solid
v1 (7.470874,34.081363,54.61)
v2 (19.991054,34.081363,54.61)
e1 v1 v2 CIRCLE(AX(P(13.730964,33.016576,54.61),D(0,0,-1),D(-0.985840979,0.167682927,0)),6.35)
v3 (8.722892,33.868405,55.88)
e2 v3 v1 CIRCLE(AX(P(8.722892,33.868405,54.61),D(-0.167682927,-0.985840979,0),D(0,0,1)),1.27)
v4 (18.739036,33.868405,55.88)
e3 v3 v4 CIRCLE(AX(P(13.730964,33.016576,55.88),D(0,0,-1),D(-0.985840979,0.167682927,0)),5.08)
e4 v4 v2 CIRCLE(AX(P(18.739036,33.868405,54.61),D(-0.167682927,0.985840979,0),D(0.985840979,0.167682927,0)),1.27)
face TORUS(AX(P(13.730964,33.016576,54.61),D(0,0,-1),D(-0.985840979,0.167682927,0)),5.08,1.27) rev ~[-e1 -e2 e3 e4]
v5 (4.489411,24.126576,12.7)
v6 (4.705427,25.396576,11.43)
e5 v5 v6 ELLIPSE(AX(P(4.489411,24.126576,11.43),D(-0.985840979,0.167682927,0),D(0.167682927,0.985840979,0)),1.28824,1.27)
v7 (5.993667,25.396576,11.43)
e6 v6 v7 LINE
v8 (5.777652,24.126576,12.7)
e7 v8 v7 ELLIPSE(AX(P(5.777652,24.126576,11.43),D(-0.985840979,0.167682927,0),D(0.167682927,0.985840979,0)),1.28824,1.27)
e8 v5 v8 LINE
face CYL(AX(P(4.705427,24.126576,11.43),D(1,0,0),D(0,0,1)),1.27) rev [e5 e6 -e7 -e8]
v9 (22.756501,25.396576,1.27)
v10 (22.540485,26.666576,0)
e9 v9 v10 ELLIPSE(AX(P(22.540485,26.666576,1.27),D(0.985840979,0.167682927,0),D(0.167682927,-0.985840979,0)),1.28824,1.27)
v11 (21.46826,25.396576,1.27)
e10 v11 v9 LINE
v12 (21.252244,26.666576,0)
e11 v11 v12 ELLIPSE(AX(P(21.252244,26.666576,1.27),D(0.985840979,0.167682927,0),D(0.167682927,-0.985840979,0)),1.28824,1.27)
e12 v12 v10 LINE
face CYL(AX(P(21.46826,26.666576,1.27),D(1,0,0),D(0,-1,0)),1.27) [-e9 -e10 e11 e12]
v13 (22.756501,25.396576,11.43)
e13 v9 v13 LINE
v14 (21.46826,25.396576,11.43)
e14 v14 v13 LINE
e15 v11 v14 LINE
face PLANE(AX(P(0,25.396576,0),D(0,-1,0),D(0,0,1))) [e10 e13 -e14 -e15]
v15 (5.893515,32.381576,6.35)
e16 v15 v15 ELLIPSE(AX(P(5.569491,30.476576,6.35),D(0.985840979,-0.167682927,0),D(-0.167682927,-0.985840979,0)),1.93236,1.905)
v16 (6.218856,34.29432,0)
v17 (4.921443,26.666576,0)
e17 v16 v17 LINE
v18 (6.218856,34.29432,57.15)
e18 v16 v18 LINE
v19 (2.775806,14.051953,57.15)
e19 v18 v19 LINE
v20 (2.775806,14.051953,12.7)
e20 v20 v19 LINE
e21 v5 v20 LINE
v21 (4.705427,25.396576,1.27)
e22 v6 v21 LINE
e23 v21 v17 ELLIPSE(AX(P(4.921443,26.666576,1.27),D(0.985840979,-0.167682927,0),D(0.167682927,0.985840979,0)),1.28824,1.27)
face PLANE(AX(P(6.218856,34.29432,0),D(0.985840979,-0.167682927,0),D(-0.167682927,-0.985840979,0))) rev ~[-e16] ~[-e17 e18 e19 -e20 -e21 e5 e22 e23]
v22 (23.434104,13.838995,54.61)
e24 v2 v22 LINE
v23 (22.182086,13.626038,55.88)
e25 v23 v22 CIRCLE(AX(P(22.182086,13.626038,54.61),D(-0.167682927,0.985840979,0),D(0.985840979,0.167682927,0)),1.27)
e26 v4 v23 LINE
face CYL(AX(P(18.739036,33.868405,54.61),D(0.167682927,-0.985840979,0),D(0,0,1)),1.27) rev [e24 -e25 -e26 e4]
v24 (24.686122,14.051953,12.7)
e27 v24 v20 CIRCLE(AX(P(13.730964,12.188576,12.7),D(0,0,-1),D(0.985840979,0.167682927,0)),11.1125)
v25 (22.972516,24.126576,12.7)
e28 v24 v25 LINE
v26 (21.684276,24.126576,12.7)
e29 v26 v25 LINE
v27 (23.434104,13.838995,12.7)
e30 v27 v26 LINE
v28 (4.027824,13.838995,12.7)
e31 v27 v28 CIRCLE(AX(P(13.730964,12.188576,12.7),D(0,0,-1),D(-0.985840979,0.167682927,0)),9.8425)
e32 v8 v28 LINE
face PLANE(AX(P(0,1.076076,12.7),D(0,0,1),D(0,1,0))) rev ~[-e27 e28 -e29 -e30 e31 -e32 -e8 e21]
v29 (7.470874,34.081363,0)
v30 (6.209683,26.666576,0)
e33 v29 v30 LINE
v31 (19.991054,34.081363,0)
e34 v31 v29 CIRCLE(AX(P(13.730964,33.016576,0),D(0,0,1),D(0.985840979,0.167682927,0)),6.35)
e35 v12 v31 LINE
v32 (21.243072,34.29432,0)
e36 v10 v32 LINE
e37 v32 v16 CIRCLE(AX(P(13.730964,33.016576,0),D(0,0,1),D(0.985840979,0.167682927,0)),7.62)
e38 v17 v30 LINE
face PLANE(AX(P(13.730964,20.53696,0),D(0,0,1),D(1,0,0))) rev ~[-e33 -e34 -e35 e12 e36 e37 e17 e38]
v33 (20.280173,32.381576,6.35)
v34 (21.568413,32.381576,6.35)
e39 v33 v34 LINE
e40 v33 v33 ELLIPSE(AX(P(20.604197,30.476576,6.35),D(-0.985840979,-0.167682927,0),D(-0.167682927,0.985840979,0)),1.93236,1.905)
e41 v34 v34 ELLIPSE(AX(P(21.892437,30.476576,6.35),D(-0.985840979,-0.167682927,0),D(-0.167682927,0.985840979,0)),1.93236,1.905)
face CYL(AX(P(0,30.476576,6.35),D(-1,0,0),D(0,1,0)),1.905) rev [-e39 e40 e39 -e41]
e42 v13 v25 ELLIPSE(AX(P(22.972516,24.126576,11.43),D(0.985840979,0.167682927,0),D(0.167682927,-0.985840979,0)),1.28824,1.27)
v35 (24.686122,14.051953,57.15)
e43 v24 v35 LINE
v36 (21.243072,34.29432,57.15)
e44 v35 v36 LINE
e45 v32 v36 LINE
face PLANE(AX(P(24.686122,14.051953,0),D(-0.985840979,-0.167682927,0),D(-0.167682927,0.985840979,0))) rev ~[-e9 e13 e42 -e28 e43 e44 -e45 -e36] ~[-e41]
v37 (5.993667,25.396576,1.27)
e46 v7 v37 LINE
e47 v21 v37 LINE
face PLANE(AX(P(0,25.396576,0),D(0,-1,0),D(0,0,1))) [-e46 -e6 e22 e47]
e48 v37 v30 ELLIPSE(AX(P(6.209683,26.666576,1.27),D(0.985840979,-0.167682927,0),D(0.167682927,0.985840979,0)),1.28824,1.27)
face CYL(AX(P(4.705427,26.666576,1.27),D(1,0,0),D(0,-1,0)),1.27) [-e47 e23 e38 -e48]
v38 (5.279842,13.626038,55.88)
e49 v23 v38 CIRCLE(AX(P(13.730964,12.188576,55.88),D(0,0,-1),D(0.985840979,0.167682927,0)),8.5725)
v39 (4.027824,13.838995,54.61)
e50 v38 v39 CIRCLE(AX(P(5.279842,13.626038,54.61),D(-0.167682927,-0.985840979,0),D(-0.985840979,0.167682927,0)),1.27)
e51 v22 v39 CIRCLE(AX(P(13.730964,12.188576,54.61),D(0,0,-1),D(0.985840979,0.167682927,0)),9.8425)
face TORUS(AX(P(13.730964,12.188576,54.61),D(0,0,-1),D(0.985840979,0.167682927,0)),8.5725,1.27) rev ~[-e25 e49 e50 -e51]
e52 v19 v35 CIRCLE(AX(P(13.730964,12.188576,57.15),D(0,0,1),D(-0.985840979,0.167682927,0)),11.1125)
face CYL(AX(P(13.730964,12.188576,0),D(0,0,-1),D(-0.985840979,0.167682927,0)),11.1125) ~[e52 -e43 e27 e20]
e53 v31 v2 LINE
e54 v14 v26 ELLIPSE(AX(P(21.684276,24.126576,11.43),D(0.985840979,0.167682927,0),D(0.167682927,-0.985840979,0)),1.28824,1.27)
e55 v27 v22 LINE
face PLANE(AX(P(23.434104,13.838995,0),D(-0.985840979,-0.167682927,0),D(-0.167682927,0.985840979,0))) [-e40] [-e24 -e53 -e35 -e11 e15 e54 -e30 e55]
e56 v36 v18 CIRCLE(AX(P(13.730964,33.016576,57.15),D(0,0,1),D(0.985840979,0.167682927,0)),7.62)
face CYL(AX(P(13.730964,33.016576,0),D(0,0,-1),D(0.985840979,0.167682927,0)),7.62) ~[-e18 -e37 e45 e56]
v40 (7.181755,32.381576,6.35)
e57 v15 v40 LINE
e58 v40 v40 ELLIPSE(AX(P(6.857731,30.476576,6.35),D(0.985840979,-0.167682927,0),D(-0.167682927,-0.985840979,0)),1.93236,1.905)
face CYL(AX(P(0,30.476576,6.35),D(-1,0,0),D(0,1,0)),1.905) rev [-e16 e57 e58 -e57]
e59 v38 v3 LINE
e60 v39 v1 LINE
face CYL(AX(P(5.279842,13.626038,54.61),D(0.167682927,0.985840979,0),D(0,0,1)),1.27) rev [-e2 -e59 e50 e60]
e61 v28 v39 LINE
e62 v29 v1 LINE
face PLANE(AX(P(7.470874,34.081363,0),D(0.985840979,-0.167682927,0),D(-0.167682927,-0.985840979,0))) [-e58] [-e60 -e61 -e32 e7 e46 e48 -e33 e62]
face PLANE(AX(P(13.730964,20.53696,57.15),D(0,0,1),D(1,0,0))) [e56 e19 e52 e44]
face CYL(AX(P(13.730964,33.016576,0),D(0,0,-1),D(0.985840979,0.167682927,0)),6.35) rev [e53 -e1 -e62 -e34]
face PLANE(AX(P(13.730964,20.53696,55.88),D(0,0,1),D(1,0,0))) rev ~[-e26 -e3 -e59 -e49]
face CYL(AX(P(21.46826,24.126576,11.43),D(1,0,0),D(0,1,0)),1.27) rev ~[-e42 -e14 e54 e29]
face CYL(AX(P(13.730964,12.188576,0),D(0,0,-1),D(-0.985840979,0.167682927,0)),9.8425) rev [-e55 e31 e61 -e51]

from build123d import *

# Parameters (mm, degrees)
F1_DEPTH = 57.15
F2_T     = -1.27
F3_W     = 24.3205
F3_H     = 12.7
F3_R     = 1.905
F4_DEPTH = 24.8444639078
F5_R     = 1.27


with BuildPart() as f1:
    # F0 (on Top) → F1 (new body)
    with BuildSketch(Plane.XY):
        with BuildLine():
            Line((6.2188556471, 34.2943200643), (2.7758060277, 14.0519526863))
            ThreePointArc((2.7758060277, 14.0519526863), (13.7309639078, 1.0760761619), (24.6861217879, 14.0519526863))
            Line((24.6861217879, 14.0519526863), (21.2430721684, 34.2943200643))
            ThreePointArc((21.2430721684, 34.2943200643), (13.7309639078, 40.6365761619), (6.2188556471, 34.2943200643))
        make_face()
    extrude(amount=F1_DEPTH)

    # F2
    f2_openings = [f1.faces().sort_by_distance(p)[0] for p in [
        (13.730964, 19.748404, 0),
    ]]
    offset(amount=F2_T, openings=f2_openings)

    # F3 (on Right) → F4 (cut, through all)
    with BuildSketch(Plane.YZ):
        with Locations((13.2363261619, 6.35)):
            Rectangle(F3_W, F3_H)
        with Locations((30.4765761619, 6.35)):
            Circle(F3_R)
    extrude(amount=F4_DEPTH, mode=Mode.SUBTRACT)

    # F5
    f5_edges = [f1.edges().sort_by_distance(p)[0] for p in [
        (5.349547, 25.396576, 12.7),
        (22.11238, 25.396576, 12.7),
        (5.349547, 25.396576, 0),
        (22.11238, 25.396576, 0),
        (13.730964, 2.346076, 55.88),
        (21.712579, 23.960179, 55.88),
        (13.730964, 39.366576, 55.88),
        (5.749349, 23.960179, 55.88),
    ]]
    fillet(f5_edges, radius=F5_R)


solid = f1.part
